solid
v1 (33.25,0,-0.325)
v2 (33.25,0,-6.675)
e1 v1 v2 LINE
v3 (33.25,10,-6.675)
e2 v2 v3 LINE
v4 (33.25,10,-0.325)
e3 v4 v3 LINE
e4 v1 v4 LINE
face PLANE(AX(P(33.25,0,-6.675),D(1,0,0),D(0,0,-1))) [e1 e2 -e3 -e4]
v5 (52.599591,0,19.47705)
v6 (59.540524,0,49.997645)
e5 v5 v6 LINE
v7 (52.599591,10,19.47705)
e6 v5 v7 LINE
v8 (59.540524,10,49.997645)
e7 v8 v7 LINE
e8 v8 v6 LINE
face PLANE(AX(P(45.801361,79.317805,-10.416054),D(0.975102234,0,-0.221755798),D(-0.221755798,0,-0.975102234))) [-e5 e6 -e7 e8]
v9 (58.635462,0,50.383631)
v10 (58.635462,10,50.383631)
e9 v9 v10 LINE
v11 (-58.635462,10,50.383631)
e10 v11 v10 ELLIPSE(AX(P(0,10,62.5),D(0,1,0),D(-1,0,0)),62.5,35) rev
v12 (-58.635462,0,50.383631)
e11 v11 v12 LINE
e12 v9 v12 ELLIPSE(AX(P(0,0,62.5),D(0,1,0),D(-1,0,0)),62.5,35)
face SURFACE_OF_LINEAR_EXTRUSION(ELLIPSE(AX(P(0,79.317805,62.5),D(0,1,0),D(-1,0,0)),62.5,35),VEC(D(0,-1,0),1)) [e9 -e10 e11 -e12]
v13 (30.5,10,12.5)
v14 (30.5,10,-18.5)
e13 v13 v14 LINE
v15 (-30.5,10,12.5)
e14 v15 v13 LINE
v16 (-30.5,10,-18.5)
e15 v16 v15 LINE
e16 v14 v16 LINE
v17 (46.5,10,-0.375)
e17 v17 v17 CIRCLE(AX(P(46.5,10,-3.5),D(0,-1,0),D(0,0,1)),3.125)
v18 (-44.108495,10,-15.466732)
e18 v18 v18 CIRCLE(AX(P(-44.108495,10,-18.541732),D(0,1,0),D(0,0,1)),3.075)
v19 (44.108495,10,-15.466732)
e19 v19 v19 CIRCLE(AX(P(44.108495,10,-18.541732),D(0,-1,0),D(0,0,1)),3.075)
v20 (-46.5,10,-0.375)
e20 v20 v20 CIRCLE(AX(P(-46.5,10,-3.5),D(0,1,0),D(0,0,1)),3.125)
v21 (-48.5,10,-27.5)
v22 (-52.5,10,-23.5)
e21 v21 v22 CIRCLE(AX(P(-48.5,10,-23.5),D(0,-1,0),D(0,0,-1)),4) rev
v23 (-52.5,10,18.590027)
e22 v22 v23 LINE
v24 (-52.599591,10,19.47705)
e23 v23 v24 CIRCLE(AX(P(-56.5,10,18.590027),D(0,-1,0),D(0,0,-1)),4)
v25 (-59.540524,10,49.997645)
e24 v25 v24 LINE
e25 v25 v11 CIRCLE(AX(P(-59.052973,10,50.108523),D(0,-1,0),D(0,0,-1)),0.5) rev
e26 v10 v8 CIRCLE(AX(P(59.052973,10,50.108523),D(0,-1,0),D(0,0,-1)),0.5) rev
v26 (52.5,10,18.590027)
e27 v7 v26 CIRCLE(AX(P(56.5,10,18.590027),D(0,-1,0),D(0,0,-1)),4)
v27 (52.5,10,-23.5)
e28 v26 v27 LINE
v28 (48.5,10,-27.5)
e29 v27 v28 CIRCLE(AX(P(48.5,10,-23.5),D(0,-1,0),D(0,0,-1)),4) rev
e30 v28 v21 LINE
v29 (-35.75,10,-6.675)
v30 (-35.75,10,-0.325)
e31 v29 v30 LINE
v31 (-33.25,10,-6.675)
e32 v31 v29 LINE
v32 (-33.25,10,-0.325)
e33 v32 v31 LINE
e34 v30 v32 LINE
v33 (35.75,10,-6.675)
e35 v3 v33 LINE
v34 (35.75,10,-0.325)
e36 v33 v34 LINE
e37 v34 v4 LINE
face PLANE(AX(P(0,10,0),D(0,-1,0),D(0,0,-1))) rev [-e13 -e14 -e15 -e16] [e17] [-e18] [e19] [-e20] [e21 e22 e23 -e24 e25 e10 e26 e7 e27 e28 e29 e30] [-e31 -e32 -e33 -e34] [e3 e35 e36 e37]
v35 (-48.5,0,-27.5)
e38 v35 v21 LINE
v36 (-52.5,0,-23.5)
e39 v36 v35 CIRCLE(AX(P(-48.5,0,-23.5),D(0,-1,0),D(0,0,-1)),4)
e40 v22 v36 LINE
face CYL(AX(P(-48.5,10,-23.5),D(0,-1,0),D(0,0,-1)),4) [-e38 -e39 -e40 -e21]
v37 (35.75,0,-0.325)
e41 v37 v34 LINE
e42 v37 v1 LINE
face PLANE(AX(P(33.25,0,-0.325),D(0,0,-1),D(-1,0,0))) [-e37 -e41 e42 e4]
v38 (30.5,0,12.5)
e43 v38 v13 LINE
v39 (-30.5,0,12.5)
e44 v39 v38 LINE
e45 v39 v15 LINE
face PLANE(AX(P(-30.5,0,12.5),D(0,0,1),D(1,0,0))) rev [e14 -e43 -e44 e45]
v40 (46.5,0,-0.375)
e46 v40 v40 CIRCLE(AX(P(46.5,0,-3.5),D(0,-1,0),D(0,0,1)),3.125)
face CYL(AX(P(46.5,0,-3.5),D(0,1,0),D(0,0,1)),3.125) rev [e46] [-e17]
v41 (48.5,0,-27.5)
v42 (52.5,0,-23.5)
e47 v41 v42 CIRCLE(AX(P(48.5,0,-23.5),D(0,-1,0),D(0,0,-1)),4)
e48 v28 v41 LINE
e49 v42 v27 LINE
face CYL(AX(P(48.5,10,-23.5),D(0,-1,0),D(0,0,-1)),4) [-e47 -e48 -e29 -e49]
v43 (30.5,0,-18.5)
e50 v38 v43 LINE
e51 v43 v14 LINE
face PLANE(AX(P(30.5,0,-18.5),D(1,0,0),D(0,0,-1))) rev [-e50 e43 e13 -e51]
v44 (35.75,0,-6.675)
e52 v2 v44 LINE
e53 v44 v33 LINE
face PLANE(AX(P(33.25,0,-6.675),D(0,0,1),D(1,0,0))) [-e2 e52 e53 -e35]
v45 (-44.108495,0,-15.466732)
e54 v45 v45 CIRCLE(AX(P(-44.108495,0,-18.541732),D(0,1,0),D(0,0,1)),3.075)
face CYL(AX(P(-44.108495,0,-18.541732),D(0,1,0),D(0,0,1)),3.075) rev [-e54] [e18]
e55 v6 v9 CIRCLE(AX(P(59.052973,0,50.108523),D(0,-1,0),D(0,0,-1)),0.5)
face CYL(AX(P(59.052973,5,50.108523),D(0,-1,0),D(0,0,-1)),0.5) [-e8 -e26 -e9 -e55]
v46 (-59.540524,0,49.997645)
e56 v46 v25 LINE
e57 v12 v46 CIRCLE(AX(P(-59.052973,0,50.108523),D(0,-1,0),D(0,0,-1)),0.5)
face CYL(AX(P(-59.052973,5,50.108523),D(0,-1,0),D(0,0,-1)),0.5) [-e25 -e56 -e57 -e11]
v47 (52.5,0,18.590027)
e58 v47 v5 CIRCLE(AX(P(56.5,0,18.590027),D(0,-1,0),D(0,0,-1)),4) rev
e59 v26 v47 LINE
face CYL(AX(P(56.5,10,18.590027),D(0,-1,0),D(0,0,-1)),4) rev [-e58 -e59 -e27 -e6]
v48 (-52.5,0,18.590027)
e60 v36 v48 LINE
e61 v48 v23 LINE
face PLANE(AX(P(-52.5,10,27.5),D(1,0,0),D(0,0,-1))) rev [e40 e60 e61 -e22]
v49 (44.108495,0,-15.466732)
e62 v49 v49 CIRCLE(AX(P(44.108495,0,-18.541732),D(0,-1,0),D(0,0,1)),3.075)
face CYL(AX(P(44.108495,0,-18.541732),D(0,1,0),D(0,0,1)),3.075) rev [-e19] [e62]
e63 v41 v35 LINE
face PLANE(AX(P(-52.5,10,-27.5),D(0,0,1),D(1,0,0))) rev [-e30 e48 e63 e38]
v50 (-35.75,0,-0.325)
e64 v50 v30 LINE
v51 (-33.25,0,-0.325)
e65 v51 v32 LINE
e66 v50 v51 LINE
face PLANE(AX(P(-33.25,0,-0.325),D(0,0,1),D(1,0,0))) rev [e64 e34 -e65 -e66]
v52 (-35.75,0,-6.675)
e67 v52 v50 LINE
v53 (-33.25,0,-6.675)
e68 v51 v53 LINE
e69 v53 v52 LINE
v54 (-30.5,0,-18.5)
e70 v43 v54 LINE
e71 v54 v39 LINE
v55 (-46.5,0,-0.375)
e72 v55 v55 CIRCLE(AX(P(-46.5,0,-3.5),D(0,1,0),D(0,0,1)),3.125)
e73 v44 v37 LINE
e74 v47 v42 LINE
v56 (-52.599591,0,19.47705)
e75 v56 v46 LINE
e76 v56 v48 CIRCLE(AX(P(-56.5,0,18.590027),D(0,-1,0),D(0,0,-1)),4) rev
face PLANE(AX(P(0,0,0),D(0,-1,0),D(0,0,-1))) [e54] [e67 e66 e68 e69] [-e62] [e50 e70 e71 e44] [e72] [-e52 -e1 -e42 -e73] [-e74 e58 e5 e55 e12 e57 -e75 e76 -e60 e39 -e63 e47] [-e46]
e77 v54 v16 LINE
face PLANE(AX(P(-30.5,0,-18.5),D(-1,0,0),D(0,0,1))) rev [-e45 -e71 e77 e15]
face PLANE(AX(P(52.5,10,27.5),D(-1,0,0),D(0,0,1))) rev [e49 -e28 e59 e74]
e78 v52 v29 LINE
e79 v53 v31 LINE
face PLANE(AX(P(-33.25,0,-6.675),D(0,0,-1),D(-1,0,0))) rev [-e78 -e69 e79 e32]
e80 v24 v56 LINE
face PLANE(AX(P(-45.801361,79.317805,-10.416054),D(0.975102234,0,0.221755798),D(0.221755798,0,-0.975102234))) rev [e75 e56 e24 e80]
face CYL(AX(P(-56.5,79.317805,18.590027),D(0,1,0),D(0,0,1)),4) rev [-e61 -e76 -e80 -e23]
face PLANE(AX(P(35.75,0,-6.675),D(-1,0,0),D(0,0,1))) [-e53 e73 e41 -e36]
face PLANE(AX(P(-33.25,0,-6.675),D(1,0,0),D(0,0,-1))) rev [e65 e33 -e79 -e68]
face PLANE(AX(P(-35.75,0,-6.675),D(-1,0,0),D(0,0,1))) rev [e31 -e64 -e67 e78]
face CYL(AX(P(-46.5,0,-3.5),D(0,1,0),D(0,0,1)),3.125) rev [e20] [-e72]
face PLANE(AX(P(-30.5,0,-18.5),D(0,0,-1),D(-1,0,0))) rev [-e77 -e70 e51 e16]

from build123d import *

# Parameters (mm, degrees)
SKETCH1_W           = 105
SKETCH1_H           = 55
BOSS_EXTRUDE1_DEPTH = 10
SKETCH2_W           = 61
SKETCH2_H           = 31
CUT_EXTRUDE1_DEPTH  = 11
SKETCH4_R           = 3.125
SKETCH4_W           = 2.5
SKETCH4_H           = 6.35
CUT_EXTRUDE3_DEPTH  = 11
BOSS_EXTRUDE2_DEPTH = 10
SKETCH6_R           = 3.075
CUT_EXTRUDE4_DEPTH  = 11.0000001
FILLET1_R           = 4
FILLET2_R           = 0.5


with BuildPart() as part:
    # Sketch1 → Boss-Extrude1 (new body)
    with BuildSketch(Plane(origin=(0, 0, 0), x_dir=(1, 0, 0), z_dir=(0, 1, 0))):
        Rectangle(SKETCH1_W, SKETCH1_H)
    extrude(amount=BOSS_EXTRUDE1_DEPTH)

    # Sketch2 → Cut-Extrude1 (cut, through all)
    with BuildSketch(Plane(origin=(0, 10, 0), x_dir=(1, 0, 0), z_dir=(0, 1, 0))):
        with Locations((0, 3)):
            Rectangle(SKETCH2_W, SKETCH2_H)
    extrude(amount=-CUT_EXTRUDE1_DEPTH, mode=Mode.SUBTRACT)

    # Sketch4 → Cut-Extrude3 (cut, through all)
    with BuildSketch(Plane(origin=(0, 10, 0), x_dir=(1, 0, 0), z_dir=(0, 1, 0))):
        with Locations((-46.5, 3.5)):
            Circle(SKETCH4_R)
        with Locations((-34.5, 3.5)):
            Rectangle(SKETCH4_W, SKETCH4_H)
    cut_extrude3 = extrude(amount=-CUT_EXTRUDE3_DEPTH, mode=Mode.SUBTRACT)

    # Sketch5 → Boss-Extrude2 (add)
    with BuildSketch(Plane(origin=(0, 0, 0), x_dir=(1, 0, 0), z_dir=(0, 1, 0))):
        with BuildLine():
            Line((0, -27.5), (-52.5, -19.039128985))
            Line((-52.5, -19.039128985), (-60.28224578, -53.259137237))
            add(Edge.make_bspline(
                [(0, -27.5), (-47.690720084, -27.5), (-60.28224578, -53.259137237)],
                knots=[4.71238898, 4.71238898, 4.71238898, 6.015992757, 6.015992757, 6.015992757], degree=2, weights=[1, 0.794992028, 1]))
        make_face()
    boss_extrude2 = extrude(amount=BOSS_EXTRUDE2_DEPTH)

    # Sketch6 → Cut-Extrude4 (cut, through all)
    with BuildSketch(Plane(origin=(0, 10, 0), x_dir=(1, 0, 0), z_dir=(0, 1, 0))):
        with Locations((-44.108495475, 18.541732167)):
            Circle(SKETCH6_R)
    cut_extrude4 = extrude(amount=-CUT_EXTRUDE4_DEPTH, mode=Mode.SUBTRACT)

    # Mirror1: Cut-Extrude3, Boss-Extrude2, Cut-Extrude4 across plane
    add(cut_extrude3.mirror(Plane(origin=(0, 0, 0), x_dir=(0, 0, 1), z_dir=(1, 0, 0))), mode=Mode.SUBTRACT)
    add(boss_extrude2.mirror(Plane(origin=(0, 0, 0), x_dir=(0, 0, 1), z_dir=(1, 0, 0))))
    add(cut_extrude4.mirror(Plane(origin=(0, 0, 0), x_dir=(0, 0, 1), z_dir=(1, 0, 0))), mode=Mode.SUBTRACT)

    # Fillet1
    fillet1_edges = [part.edges().sort_by_distance(p)[0] for p in [
        (-52.5, 5, 19.039128985),
        (-52.5, 5, -27.5),
        (52.5, 5, -27.5),
        (52.5, 5, 19.039128985),
    ]]
    fillet(fillet1_edges, radius=FILLET1_R)

    # Fillet2
    fillet2_edges = [part.edges().sort_by_distance(p)[0] for p in [
        (60.28224578, 5, 53.259137237),
        (-60.28224578, 5, 53.259137237),
    ]]
    fillet(fillet2_edges, radius=FILLET2_R)


solid = part.part
